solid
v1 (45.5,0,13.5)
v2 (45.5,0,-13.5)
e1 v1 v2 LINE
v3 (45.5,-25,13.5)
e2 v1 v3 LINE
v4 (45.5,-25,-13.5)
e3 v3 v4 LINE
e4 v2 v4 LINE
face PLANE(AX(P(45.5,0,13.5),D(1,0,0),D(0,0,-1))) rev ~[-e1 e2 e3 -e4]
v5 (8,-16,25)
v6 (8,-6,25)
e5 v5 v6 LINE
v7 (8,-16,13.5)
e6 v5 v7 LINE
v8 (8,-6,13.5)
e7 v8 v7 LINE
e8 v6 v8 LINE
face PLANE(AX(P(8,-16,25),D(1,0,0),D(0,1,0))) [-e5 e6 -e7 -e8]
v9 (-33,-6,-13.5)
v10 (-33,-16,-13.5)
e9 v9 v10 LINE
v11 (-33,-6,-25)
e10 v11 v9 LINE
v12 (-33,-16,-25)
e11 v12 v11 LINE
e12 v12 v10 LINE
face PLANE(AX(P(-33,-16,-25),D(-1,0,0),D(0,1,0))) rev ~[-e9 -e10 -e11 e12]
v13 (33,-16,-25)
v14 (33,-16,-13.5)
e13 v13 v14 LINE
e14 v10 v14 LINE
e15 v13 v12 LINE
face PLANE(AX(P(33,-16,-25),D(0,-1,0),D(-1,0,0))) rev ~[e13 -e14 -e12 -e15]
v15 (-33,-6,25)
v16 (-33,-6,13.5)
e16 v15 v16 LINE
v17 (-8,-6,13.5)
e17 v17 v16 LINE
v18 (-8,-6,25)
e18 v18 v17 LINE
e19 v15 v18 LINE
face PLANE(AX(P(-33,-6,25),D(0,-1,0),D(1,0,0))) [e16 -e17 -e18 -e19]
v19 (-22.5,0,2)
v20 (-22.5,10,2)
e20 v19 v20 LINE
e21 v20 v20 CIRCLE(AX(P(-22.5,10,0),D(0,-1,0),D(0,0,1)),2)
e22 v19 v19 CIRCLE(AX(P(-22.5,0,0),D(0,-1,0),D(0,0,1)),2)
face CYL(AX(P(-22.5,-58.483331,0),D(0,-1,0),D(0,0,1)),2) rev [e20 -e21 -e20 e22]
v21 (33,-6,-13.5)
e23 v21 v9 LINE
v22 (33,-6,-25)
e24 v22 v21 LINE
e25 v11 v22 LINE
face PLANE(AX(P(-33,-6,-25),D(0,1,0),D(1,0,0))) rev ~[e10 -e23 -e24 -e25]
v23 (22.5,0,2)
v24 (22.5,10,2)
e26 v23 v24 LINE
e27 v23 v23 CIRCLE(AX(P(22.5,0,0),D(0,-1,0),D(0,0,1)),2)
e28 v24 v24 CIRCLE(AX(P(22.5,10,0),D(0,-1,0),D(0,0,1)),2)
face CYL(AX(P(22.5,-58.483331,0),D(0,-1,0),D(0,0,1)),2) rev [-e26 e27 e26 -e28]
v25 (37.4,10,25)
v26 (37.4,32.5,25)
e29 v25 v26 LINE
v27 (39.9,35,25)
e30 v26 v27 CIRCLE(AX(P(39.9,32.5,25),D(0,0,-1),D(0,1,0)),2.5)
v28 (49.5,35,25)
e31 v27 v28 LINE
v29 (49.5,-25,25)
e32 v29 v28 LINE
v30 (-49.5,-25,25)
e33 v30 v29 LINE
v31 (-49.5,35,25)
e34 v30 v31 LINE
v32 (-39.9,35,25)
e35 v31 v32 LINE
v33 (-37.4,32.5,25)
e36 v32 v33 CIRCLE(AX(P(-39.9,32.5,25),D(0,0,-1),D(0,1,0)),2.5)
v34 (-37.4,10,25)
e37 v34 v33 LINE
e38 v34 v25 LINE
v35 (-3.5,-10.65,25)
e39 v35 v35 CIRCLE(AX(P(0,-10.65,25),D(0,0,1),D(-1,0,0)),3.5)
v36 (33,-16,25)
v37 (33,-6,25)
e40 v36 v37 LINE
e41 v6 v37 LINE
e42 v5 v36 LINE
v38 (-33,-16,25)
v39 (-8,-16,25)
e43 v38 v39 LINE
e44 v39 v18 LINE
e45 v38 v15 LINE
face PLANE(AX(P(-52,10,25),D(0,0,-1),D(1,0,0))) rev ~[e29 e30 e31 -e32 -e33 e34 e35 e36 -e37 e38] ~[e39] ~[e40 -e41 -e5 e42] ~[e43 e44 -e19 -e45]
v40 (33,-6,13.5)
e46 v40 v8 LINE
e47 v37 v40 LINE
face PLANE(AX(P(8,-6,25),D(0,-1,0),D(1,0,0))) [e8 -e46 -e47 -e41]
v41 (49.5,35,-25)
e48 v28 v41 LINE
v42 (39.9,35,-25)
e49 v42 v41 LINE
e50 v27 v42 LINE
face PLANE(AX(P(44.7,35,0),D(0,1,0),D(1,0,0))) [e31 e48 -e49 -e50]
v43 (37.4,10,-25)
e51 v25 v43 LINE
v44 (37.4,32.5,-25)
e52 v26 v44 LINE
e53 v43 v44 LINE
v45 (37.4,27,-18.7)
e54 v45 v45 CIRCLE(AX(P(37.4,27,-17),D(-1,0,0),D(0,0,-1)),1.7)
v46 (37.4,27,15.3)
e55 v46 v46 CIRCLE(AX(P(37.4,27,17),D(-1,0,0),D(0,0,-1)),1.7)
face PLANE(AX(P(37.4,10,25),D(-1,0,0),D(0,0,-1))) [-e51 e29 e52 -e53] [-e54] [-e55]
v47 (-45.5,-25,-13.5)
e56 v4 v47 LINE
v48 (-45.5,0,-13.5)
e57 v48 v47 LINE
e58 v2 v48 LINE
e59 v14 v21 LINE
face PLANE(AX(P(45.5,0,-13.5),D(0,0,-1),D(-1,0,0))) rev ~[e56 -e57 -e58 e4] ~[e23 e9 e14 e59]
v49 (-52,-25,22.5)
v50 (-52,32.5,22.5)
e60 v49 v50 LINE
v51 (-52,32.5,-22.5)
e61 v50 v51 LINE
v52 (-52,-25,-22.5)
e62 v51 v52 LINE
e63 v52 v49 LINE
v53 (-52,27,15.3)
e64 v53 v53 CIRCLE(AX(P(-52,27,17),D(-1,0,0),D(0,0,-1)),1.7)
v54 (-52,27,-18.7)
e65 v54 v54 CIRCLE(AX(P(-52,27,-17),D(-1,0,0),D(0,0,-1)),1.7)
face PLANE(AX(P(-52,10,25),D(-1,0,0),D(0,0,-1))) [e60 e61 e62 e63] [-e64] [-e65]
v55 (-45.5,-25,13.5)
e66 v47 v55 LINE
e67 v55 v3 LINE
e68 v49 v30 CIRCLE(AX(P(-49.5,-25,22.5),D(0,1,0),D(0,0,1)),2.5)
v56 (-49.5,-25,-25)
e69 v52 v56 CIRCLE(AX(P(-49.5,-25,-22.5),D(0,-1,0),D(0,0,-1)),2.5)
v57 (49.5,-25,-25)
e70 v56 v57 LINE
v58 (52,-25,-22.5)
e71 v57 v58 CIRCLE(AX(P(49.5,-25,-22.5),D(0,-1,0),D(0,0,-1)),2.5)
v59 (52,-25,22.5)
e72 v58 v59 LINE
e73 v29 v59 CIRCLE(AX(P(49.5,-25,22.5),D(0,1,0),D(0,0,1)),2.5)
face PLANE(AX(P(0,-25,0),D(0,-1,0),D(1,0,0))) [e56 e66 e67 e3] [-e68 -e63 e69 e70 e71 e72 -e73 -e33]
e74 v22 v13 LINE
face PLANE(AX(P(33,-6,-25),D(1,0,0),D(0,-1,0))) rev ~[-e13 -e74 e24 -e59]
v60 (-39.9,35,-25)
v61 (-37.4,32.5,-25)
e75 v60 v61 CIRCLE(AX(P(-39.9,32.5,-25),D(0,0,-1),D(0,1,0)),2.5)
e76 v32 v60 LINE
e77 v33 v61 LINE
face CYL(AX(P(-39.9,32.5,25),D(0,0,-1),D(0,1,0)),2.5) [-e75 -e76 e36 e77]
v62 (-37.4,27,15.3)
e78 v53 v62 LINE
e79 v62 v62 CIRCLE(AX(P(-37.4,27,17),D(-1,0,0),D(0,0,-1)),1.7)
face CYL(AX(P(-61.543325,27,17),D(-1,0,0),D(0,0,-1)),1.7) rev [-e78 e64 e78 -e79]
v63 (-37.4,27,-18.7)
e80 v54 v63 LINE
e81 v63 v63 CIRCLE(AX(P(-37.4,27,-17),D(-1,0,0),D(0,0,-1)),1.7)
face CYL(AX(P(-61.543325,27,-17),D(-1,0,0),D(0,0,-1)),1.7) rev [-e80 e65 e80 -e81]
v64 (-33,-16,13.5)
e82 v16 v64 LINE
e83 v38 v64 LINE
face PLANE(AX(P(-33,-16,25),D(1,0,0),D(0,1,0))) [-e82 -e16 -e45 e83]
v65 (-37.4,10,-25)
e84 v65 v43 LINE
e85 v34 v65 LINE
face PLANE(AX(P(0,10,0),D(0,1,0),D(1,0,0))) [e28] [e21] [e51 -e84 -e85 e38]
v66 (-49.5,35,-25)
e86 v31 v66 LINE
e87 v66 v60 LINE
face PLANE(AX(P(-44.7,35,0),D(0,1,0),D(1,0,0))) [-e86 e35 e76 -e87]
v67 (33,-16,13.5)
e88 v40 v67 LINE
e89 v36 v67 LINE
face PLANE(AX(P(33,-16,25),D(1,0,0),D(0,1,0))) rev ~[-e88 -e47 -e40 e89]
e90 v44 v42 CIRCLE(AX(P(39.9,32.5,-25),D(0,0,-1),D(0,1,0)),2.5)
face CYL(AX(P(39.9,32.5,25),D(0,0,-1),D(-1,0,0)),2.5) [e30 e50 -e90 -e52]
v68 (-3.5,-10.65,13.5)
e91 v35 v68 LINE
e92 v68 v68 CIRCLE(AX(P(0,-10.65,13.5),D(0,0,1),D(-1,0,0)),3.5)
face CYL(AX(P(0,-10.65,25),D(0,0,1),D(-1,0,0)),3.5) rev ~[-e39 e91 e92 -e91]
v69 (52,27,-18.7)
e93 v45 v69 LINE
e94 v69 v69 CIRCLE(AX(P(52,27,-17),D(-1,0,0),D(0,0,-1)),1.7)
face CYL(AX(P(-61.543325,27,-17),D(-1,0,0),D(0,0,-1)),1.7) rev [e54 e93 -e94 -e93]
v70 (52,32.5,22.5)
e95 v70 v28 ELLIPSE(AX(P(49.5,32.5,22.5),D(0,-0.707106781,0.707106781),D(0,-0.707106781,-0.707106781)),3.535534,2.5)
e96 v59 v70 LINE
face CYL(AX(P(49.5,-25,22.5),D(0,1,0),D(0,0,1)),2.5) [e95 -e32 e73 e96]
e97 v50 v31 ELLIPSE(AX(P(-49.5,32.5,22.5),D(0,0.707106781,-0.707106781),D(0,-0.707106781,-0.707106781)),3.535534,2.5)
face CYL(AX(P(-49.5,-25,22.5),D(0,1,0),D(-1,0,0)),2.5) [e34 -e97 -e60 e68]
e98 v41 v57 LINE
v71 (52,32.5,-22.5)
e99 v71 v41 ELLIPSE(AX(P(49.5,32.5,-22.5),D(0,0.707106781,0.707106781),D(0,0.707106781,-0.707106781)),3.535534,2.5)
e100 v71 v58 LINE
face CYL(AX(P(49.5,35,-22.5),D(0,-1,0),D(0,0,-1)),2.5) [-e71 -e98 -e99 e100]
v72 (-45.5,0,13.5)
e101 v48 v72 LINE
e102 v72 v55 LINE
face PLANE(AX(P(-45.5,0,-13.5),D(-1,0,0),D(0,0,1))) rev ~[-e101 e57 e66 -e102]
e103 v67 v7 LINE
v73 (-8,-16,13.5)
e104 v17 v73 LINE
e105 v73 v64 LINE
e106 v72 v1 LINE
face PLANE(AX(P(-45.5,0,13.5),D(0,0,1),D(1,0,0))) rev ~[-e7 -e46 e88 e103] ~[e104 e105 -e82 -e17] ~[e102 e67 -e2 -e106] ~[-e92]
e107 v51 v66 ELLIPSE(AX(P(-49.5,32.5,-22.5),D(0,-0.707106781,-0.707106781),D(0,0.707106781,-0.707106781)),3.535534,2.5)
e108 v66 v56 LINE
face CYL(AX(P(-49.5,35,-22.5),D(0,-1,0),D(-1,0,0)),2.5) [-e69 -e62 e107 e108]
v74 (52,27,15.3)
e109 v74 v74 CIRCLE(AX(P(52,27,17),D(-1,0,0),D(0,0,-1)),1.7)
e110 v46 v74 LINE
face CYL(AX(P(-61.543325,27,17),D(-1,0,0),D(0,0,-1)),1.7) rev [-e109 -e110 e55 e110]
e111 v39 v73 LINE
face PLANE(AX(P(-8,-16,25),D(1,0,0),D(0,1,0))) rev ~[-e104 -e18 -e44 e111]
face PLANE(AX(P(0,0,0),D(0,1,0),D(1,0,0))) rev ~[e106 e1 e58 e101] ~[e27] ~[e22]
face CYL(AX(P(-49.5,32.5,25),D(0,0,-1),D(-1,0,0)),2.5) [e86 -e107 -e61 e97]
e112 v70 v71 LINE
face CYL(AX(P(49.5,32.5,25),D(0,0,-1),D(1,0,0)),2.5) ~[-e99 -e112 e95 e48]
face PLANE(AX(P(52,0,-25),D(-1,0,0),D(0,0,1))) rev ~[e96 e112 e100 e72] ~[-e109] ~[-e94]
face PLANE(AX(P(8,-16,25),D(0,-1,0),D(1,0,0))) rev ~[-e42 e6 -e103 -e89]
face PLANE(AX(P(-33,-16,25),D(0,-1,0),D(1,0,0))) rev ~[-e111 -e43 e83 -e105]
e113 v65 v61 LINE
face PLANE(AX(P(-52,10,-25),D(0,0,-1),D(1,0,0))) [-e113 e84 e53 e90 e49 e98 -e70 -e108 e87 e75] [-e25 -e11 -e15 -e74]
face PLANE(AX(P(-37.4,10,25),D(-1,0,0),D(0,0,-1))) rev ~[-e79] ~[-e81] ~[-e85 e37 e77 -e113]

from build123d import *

# Parameters (mm, degrees)
SKETCH1_W                      = 104
SKETCH1_H                      = 50
BOSS_EXTRUDE1_DEPTH            = 10
SKETCH2_W                      = 104
SKETCH2_H                      = 50
BOSS_EXTRUDE2_DEPTH            = 25
SKETCH3_W                      = 14.6
SKETCH3_H                      = 50
BOSS_EXTRUDE3_DEPTH            = 25
CUT_EXTRUDE1_DEPTH             = 113.543324991
CUT_EXTRUDE1_DEPTH_BACK        = 113.543324991
SKETCH4_R                      = 1.7
CUT_EXTRUDE2_DEPTH             = 68.483331275
CUT_EXTRUDE2_DEPTH_BACK        = 68.483331275
SKETCH5_R                      = 2
CUT_EXTRUDE4_REACH             = 82.181
SKETCH8_R                      = 3.5
CUT_EXTRUDE4_DIRECTION_2_DEPTH = 81.181045142
FILLET1_R                      = 2.5
CUT_EXTRUDE6_REACH             = 82.181
CUT_EXTRUDE6_DIRECTION_2_DEPTH = 81.181045142
CUT_EXTRUDE7_REACH             = 82.181
SKETCH10_W                     = 25
SKETCH10_H                     = 10
CUT_EXTRUDE7_DIRECTION_2_DEPTH = 81.181045142


with BuildPart() as part:
    # Sketch1 → Boss-Extrude1 (new body)
    with BuildSketch(Plane(origin=(0, 0, 0), x_dir=(1, 0, 0), z_dir=(0, 1, 0))):
        Rectangle(SKETCH1_W, SKETCH1_H)
    extrude(amount=BOSS_EXTRUDE1_DEPTH)

    # Sketch2 → Boss-Extrude2 (add)
    with BuildSketch(Plane.XZ):
        Rectangle(SKETCH2_W, SKETCH2_H)
        Polygon((-45.5, 13.5), (-45.5, 0), (-45.5, -13.5), (0, -13.5), (45.5, -13.5), (45.5, 0), (45.5, 13.5), (0, 13.5), align=None, mode=Mode.SUBTRACT)
    extrude(amount=BOSS_EXTRUDE2_DEPTH)

    # Sketch3 → Boss-Extrude3 (add)
    with BuildSketch(Plane(origin=(0, 10, 0), x_dir=(1, 0, 0), z_dir=(0, 1, 0))):
        with Locations((-44.7, 0)):
            Rectangle(SKETCH3_W, SKETCH3_H)
        with Locations((44.7, 0)):
            Rectangle(SKETCH3_W, SKETCH3_H)
    extrude(amount=BOSS_EXTRUDE3_DEPTH)

    # Sketch4 → Cut-Extrude1 (cut, two sides: drawn at the far end of the back side and taken through both)
    with BuildSketch(Plane(origin=(52, 0, 0), x_dir=(0, 0, -1), z_dir=(1, 0, 0)).offset(-CUT_EXTRUDE1_DEPTH_BACK)):
        with Locations((17, 27)):
            Circle(SKETCH4_R)
        with Locations((-17, 27)):
            Circle(SKETCH4_R)
    extrude(amount=CUT_EXTRUDE1_DEPTH + CUT_EXTRUDE1_DEPTH_BACK, mode=Mode.SUBTRACT)

    # Sketch5 → Cut-Extrude2 (cut, two sides: drawn at the far end of the back side and taken through both)
    with BuildSketch(Plane(origin=(0, 10, 0), x_dir=(1, 0, 0), z_dir=(0, 1, 0)).offset(-CUT_EXTRUDE2_DEPTH_BACK)):
        with Locations(Location((-22.5, 0, 0), (0, 0, 270))):
            Circle(SKETCH5_R)
        with Locations(Location((22.5, 0, 0), (0, 0, 270))):
            Circle(SKETCH5_R)
    extrude(amount=CUT_EXTRUDE2_DEPTH + CUT_EXTRUDE2_DEPTH_BACK, mode=Mode.SUBTRACT)

    # Sketch8 → Cut-Extrude4 (cut, up to next)
    with BuildSketch(Plane.XY.offset(25), mode=Mode.PRIVATE) as cut_extrude4_sk1:
        with Locations(Location((0, -10.65, 0), (0, 0, 180))):
            Circle(SKETCH8_R)
    cut_extrude4_tool1 = extrude(cut_extrude4_sk1.sketch, amount=-CUT_EXTRUDE4_REACH, mode=Mode.PRIVATE) & part.part
    add(cut_extrude4_tool1.solids().sort_by_distance((0, -10.65, 25))[0], mode=Mode.SUBTRACT)

    # Sketch8 → Cut-Extrude4 direction 2 (cut)
    with BuildSketch(Plane.XY.offset(25)):
        with Locations(Location((0, -10.65, 0), (0, 0, 180))):
            Circle(SKETCH8_R)
    extrude(amount=CUT_EXTRUDE4_DIRECTION_2_DEPTH, mode=Mode.SUBTRACT)

    # Fillet1
    fillet1_edges = [part.edges().sort_by_distance(p)[0] for p in [
        (-52, 35, 0),
        (-37.4, 35, 0),
        (37.4, 35, 0),
        (52, 35, 0),
        (-52, 5, 25),
        (-52, 5, -25),
        (52, 5, -25),
        (52, 5, 25),
    ]]
    fillet(fillet1_edges, radius=FILLET1_R)

    # Sketch9 → Cut-Extrude6 (cut, up to next)
    with BuildSketch(Plane(origin=(0, 0, -25), x_dir=(-1, 0, 0), z_dir=(0, 0, -1)), mode=Mode.PRIVATE) as cut_extrude6_sk1:
        Polygon((-33, -6), (-33, -16), (0, -16), (33, -16), (33, -6), (0, -6), align=None)
    cut_extrude6_tool1 = extrude(cut_extrude6_sk1.sketch, amount=-CUT_EXTRUDE6_REACH, mode=Mode.PRIVATE) & part.part
    add(cut_extrude6_tool1.solids().sort_by_distance((0, -11, -25))[0], mode=Mode.SUBTRACT)

    # Sketch9 → Cut-Extrude6 direction 2 (cut)
    with BuildSketch(Plane(origin=(0, 0, -25), x_dir=(-1, 0, 0), z_dir=(0, 0, -1))):
        Polygon((-33, -6), (-33, -16), (0, -16), (33, -16), (33, -6), (0, -6), align=None)
    extrude(amount=CUT_EXTRUDE6_DIRECTION_2_DEPTH, mode=Mode.SUBTRACT)

    # Sketch10 → Cut-Extrude7 (cut, up to next)
    with BuildSketch(Plane.XY.offset(25), mode=Mode.PRIVATE) as cut_extrude7_sk1:
        with Locations((-20.5, -11)):
            Rectangle(SKETCH10_W, SKETCH10_H)
    cut_extrude7_tool1 = extrude(cut_extrude7_sk1.sketch, amount=-CUT_EXTRUDE7_REACH, mode=Mode.PRIVATE) & part.part
    # Sketch10 → Cut-Extrude7 (cut, up to next)
    with BuildSketch(Plane.XY.offset(25), mode=Mode.PRIVATE) as cut_extrude7_sk2:
        with Locations((20.5, -11)):
            Rectangle(SKETCH10_W, SKETCH10_H)
    cut_extrude7_tool2 = extrude(cut_extrude7_sk2.sketch, amount=-CUT_EXTRUDE7_REACH, mode=Mode.PRIVATE) & part.part
    add(cut_extrude7_tool1.solids().sort_by_distance((-20.5, -11, 25))[0], mode=Mode.SUBTRACT)
    add(cut_extrude7_tool2.solids().sort_by_distance((20.5, -11, 25))[0], mode=Mode.SUBTRACT)

    # Sketch10 → Cut-Extrude7 direction 2 (cut)
    with BuildSketch(Plane.XY.offset(25)):
        with Locations((-20.5, -11)):
            Rectangle(SKETCH10_W, SKETCH10_H)
        with Locations((20.5, -11)):
            Rectangle(SKETCH10_W, SKETCH10_H)
    extrude(amount=CUT_EXTRUDE7_DIRECTION_2_DEPTH, mode=Mode.SUBTRACT)


solid = part.part
